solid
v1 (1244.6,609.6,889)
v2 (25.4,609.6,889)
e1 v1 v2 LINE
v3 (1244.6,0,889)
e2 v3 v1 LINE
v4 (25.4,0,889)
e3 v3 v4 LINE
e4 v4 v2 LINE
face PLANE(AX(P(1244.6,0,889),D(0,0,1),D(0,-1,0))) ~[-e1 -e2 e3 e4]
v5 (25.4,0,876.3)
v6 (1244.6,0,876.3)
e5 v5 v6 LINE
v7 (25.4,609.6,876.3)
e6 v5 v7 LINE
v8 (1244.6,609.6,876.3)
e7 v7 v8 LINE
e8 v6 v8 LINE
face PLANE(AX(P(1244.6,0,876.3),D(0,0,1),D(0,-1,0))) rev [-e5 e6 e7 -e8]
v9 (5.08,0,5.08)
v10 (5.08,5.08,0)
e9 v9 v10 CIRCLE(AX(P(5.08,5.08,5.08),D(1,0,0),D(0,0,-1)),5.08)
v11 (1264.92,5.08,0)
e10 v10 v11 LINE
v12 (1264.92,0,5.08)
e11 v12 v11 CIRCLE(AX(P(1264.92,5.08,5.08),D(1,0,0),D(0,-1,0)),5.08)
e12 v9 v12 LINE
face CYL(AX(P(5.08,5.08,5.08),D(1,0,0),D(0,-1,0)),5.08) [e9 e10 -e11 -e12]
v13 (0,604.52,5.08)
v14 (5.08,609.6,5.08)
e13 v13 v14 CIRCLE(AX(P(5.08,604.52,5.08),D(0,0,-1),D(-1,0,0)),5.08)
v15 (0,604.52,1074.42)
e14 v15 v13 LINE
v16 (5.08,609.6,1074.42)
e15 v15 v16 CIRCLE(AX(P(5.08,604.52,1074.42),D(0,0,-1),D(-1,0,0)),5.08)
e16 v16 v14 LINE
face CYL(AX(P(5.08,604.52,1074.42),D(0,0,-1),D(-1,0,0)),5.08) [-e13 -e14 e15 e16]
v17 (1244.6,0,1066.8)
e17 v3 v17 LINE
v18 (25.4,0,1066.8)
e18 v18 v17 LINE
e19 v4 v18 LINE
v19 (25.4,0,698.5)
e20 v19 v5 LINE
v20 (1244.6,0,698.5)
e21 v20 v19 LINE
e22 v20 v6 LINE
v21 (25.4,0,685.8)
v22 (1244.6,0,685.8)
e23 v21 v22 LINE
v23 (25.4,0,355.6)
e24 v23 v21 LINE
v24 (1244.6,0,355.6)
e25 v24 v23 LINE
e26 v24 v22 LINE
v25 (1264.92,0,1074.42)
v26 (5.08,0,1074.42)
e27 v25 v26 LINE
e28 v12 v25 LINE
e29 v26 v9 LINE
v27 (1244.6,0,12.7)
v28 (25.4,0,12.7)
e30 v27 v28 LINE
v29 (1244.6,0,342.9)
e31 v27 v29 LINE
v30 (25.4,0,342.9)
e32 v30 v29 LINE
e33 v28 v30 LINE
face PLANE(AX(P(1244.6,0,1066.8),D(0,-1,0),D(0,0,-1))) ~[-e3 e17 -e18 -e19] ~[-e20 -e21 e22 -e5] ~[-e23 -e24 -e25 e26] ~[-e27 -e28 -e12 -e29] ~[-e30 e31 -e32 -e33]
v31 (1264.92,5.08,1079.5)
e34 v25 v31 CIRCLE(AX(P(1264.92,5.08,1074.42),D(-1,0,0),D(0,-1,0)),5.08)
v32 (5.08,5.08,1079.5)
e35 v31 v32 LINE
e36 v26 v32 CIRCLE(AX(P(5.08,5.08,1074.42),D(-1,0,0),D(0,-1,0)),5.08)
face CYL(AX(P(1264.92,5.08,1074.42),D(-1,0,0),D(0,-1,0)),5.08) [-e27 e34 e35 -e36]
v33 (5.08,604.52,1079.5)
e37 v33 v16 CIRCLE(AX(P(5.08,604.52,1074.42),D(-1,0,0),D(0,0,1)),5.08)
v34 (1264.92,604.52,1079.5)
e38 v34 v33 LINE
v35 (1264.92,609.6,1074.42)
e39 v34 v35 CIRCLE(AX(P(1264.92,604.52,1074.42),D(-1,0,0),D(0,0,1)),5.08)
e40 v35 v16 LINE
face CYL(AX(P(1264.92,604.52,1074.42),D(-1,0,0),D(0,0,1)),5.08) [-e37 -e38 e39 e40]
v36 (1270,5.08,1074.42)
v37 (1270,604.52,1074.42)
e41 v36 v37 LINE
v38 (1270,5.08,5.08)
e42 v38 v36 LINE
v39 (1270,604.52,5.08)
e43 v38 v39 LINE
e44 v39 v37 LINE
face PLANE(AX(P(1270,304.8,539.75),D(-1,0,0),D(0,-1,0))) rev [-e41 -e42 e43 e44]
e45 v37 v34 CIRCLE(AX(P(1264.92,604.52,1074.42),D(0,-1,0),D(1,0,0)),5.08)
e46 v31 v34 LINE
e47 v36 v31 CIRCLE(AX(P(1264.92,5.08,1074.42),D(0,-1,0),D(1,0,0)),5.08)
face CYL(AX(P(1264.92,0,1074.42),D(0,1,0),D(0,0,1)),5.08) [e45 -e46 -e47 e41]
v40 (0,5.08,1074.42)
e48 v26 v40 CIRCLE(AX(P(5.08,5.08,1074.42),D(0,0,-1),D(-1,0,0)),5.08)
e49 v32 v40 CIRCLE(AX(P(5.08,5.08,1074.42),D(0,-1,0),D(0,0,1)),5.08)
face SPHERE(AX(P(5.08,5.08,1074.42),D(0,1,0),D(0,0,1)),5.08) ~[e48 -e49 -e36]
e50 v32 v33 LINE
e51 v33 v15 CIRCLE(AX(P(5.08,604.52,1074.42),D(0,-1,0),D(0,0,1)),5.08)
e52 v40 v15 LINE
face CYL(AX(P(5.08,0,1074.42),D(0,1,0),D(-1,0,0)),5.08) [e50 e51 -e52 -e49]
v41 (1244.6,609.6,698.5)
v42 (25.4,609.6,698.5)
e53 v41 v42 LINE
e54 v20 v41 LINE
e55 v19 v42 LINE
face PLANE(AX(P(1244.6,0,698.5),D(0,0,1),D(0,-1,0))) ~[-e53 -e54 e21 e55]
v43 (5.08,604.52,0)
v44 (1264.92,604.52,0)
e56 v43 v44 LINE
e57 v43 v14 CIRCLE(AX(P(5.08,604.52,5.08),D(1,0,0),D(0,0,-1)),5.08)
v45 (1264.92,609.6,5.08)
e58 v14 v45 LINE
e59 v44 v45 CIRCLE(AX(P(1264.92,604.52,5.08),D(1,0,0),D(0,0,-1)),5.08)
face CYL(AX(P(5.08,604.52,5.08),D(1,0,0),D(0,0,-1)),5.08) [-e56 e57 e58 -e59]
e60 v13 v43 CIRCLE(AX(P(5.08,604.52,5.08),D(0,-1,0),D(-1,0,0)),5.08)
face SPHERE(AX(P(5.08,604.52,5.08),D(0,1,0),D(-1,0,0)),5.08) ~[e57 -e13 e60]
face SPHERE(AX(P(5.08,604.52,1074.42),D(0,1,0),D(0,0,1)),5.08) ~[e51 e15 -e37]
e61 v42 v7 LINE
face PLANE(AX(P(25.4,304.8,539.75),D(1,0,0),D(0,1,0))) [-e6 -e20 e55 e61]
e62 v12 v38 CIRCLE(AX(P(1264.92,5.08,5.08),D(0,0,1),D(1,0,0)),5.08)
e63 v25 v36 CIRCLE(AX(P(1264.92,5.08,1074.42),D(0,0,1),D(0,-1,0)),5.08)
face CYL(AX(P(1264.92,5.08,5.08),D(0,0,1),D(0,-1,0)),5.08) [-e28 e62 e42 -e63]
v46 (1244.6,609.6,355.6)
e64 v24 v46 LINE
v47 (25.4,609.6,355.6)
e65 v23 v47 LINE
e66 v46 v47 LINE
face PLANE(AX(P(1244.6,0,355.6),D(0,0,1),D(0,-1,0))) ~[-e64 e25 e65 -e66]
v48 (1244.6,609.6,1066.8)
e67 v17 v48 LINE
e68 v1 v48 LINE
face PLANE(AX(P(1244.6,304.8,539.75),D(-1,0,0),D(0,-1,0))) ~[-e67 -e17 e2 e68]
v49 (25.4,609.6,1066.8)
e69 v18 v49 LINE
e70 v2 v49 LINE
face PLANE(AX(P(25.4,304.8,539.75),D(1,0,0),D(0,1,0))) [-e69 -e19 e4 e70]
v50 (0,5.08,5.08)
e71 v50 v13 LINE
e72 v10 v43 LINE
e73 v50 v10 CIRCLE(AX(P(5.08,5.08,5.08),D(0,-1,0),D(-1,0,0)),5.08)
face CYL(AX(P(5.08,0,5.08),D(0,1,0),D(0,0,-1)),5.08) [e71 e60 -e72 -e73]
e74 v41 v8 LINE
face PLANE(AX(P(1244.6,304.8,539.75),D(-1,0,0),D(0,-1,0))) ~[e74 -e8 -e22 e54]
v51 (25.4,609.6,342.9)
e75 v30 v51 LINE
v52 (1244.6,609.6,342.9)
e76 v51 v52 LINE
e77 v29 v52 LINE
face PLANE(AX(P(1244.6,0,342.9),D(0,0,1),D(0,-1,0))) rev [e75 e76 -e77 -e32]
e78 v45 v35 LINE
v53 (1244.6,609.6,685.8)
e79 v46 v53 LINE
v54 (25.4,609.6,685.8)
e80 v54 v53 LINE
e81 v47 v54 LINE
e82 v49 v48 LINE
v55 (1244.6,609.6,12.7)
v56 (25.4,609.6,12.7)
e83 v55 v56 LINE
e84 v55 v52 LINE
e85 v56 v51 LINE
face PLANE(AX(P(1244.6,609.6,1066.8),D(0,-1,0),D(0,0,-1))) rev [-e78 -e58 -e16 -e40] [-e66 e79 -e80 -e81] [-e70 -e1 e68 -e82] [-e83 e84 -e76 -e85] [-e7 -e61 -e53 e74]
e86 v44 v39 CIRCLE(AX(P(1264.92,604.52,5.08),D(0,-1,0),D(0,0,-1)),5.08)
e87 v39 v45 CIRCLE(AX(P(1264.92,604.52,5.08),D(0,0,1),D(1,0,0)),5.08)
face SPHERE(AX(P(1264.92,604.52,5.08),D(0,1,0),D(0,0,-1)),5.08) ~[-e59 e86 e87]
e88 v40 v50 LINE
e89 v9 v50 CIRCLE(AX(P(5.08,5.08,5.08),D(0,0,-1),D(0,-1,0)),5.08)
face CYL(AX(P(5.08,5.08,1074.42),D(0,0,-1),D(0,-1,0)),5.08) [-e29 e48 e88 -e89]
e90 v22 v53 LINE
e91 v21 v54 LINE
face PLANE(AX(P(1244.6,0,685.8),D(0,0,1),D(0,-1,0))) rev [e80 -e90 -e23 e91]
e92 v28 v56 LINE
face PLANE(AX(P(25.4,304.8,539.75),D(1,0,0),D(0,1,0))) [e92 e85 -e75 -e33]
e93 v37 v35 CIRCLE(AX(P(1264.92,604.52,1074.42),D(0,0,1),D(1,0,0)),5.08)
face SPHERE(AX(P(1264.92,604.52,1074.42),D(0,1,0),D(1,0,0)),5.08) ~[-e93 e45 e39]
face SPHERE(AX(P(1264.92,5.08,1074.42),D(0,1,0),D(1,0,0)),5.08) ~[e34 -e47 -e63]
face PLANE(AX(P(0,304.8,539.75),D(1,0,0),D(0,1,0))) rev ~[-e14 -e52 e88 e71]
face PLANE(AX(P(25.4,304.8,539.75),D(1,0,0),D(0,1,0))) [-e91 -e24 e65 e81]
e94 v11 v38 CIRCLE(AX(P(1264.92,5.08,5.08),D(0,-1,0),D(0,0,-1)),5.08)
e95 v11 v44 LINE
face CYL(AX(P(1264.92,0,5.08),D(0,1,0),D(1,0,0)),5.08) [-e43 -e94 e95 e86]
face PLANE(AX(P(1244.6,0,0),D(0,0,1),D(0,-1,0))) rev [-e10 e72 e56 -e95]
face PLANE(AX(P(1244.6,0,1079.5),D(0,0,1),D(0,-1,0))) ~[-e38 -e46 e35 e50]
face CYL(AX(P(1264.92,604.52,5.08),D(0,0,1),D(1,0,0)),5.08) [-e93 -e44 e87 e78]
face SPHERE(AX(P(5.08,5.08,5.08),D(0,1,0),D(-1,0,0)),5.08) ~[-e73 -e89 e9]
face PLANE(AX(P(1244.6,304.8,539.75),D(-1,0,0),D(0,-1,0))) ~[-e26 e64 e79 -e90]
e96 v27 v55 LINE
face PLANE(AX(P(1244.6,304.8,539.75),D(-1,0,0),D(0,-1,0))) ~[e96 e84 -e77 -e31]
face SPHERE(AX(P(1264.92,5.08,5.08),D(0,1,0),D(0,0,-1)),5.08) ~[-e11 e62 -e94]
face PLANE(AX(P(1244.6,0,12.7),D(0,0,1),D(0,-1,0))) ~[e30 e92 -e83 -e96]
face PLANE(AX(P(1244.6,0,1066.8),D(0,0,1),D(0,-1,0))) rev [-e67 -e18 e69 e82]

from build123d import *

# Parameters (mm, degrees)
F0_W      = 609.6
F0_H      = 1079.5
F1_DEPTH  = 25.4
F2_W      = 609.6
F2_H      = 12.7
F3_DEPTH  = 609.6
F4_W      = 609.6
F4_H      = 12.7
F5_DEPTH  = 609.6
F6_W      = 609.6
F6_H      = 12.7
F7_DEPTH  = 609.6
F8_W      = 609.6
F8_H      = 12.7
F9_DEPTH  = 609.6
F10_W     = 609.6
F10_H     = 12.7
F11_DEPTH = 609.6
F13_R     = 5.08
F14_R     = 5.08
F15_R     = 5.08
F16_R     = 5.08
F17_R     = 5.08
F18_R     = 5.08


with BuildPart() as f1:
    # F0 (on Right) → F1 (new body)
    with BuildSketch(Plane.YZ):
        with Locations((304.8, 539.75)):
            Rectangle(F0_W, F0_H)
    extrude(amount=F1_DEPTH)

    # F2 (on face) → F3 (join)
    with BuildSketch(Plane.YZ.offset(25.4)):
        with Locations((304.8, 6.35)):
            Rectangle(F2_W, F2_H)
    extrude(amount=F3_DEPTH)

    # F4 (on face) → F5 (join)
    with BuildSketch(Plane.YZ.offset(25.4)):
        with Locations((304.8, 349.25)):
            Rectangle(F4_W, F4_H)
    extrude(amount=F5_DEPTH)

    # F6 (on face) → F7 (join)
    with BuildSketch(Plane.YZ.offset(25.4)):
        with Locations((304.8, 692.15)):
            Rectangle(F6_W, F6_H)
    extrude(amount=F7_DEPTH)

    # F8 (on face) → F9 (join)
    with BuildSketch(Plane.YZ.offset(25.4)):
        with Locations((304.8, 882.65)):
            Rectangle(F8_W, F8_H)
    extrude(amount=F9_DEPTH)

    # F10 (on face) → F11 (join)
    with BuildSketch(Plane.YZ.offset(25.4)):
        with Locations((304.8, 1073.15)):
            Rectangle(F10_W, F10_H)
    extrude(amount=F11_DEPTH)

    # F12: F1 across face


with BuildPart() as f1_1:
    add(f1.part)
    add(f1.part.mirror(Plane(origin=(635, 304.8, 6.35), x_dir=(0, 1, 0), z_dir=(1, 0, 0))))

    # F13
    f13_edges = [f1_1.edges().sort_by_distance(p)[0] for p in [
        (0, 304.8, 1079.5),
    ]]
    fillet(f13_edges, radius=F13_R)

    # F14
    f14_edges = [f1_1.edges().sort_by_distance(p)[0] for p in [
        (1270, 304.8, 1079.5),
    ]]
    fillet(f14_edges, radius=F14_R)

    # F15
    f15_edges = [f1_1.edges().sort_by_distance(p)[0] for p in [
        (1270, 304.8, 0),
    ]]
    fillet(f15_edges, radius=F15_R)

    # F16
    f16_edges = [f1_1.edges().sort_by_distance(p)[0] for p in [
        (0, 304.8, 0),
    ]]
    fillet(f16_edges, radius=F16_R)

    # F17
    f17_edges = [f1_1.edges().sort_by_distance(p)[0] for p in [
        (635, 0, 1079.5),
    ]]
    fillet(f17_edges, radius=F17_R)

    # F18
    f18_edges = [f1_1.edges().sort_by_distance(p)[0] for p in [
        (635, 609.6, 1079.5),
    ]]
    fillet(f18_edges, radius=F18_R)


solid = f1_1.part
